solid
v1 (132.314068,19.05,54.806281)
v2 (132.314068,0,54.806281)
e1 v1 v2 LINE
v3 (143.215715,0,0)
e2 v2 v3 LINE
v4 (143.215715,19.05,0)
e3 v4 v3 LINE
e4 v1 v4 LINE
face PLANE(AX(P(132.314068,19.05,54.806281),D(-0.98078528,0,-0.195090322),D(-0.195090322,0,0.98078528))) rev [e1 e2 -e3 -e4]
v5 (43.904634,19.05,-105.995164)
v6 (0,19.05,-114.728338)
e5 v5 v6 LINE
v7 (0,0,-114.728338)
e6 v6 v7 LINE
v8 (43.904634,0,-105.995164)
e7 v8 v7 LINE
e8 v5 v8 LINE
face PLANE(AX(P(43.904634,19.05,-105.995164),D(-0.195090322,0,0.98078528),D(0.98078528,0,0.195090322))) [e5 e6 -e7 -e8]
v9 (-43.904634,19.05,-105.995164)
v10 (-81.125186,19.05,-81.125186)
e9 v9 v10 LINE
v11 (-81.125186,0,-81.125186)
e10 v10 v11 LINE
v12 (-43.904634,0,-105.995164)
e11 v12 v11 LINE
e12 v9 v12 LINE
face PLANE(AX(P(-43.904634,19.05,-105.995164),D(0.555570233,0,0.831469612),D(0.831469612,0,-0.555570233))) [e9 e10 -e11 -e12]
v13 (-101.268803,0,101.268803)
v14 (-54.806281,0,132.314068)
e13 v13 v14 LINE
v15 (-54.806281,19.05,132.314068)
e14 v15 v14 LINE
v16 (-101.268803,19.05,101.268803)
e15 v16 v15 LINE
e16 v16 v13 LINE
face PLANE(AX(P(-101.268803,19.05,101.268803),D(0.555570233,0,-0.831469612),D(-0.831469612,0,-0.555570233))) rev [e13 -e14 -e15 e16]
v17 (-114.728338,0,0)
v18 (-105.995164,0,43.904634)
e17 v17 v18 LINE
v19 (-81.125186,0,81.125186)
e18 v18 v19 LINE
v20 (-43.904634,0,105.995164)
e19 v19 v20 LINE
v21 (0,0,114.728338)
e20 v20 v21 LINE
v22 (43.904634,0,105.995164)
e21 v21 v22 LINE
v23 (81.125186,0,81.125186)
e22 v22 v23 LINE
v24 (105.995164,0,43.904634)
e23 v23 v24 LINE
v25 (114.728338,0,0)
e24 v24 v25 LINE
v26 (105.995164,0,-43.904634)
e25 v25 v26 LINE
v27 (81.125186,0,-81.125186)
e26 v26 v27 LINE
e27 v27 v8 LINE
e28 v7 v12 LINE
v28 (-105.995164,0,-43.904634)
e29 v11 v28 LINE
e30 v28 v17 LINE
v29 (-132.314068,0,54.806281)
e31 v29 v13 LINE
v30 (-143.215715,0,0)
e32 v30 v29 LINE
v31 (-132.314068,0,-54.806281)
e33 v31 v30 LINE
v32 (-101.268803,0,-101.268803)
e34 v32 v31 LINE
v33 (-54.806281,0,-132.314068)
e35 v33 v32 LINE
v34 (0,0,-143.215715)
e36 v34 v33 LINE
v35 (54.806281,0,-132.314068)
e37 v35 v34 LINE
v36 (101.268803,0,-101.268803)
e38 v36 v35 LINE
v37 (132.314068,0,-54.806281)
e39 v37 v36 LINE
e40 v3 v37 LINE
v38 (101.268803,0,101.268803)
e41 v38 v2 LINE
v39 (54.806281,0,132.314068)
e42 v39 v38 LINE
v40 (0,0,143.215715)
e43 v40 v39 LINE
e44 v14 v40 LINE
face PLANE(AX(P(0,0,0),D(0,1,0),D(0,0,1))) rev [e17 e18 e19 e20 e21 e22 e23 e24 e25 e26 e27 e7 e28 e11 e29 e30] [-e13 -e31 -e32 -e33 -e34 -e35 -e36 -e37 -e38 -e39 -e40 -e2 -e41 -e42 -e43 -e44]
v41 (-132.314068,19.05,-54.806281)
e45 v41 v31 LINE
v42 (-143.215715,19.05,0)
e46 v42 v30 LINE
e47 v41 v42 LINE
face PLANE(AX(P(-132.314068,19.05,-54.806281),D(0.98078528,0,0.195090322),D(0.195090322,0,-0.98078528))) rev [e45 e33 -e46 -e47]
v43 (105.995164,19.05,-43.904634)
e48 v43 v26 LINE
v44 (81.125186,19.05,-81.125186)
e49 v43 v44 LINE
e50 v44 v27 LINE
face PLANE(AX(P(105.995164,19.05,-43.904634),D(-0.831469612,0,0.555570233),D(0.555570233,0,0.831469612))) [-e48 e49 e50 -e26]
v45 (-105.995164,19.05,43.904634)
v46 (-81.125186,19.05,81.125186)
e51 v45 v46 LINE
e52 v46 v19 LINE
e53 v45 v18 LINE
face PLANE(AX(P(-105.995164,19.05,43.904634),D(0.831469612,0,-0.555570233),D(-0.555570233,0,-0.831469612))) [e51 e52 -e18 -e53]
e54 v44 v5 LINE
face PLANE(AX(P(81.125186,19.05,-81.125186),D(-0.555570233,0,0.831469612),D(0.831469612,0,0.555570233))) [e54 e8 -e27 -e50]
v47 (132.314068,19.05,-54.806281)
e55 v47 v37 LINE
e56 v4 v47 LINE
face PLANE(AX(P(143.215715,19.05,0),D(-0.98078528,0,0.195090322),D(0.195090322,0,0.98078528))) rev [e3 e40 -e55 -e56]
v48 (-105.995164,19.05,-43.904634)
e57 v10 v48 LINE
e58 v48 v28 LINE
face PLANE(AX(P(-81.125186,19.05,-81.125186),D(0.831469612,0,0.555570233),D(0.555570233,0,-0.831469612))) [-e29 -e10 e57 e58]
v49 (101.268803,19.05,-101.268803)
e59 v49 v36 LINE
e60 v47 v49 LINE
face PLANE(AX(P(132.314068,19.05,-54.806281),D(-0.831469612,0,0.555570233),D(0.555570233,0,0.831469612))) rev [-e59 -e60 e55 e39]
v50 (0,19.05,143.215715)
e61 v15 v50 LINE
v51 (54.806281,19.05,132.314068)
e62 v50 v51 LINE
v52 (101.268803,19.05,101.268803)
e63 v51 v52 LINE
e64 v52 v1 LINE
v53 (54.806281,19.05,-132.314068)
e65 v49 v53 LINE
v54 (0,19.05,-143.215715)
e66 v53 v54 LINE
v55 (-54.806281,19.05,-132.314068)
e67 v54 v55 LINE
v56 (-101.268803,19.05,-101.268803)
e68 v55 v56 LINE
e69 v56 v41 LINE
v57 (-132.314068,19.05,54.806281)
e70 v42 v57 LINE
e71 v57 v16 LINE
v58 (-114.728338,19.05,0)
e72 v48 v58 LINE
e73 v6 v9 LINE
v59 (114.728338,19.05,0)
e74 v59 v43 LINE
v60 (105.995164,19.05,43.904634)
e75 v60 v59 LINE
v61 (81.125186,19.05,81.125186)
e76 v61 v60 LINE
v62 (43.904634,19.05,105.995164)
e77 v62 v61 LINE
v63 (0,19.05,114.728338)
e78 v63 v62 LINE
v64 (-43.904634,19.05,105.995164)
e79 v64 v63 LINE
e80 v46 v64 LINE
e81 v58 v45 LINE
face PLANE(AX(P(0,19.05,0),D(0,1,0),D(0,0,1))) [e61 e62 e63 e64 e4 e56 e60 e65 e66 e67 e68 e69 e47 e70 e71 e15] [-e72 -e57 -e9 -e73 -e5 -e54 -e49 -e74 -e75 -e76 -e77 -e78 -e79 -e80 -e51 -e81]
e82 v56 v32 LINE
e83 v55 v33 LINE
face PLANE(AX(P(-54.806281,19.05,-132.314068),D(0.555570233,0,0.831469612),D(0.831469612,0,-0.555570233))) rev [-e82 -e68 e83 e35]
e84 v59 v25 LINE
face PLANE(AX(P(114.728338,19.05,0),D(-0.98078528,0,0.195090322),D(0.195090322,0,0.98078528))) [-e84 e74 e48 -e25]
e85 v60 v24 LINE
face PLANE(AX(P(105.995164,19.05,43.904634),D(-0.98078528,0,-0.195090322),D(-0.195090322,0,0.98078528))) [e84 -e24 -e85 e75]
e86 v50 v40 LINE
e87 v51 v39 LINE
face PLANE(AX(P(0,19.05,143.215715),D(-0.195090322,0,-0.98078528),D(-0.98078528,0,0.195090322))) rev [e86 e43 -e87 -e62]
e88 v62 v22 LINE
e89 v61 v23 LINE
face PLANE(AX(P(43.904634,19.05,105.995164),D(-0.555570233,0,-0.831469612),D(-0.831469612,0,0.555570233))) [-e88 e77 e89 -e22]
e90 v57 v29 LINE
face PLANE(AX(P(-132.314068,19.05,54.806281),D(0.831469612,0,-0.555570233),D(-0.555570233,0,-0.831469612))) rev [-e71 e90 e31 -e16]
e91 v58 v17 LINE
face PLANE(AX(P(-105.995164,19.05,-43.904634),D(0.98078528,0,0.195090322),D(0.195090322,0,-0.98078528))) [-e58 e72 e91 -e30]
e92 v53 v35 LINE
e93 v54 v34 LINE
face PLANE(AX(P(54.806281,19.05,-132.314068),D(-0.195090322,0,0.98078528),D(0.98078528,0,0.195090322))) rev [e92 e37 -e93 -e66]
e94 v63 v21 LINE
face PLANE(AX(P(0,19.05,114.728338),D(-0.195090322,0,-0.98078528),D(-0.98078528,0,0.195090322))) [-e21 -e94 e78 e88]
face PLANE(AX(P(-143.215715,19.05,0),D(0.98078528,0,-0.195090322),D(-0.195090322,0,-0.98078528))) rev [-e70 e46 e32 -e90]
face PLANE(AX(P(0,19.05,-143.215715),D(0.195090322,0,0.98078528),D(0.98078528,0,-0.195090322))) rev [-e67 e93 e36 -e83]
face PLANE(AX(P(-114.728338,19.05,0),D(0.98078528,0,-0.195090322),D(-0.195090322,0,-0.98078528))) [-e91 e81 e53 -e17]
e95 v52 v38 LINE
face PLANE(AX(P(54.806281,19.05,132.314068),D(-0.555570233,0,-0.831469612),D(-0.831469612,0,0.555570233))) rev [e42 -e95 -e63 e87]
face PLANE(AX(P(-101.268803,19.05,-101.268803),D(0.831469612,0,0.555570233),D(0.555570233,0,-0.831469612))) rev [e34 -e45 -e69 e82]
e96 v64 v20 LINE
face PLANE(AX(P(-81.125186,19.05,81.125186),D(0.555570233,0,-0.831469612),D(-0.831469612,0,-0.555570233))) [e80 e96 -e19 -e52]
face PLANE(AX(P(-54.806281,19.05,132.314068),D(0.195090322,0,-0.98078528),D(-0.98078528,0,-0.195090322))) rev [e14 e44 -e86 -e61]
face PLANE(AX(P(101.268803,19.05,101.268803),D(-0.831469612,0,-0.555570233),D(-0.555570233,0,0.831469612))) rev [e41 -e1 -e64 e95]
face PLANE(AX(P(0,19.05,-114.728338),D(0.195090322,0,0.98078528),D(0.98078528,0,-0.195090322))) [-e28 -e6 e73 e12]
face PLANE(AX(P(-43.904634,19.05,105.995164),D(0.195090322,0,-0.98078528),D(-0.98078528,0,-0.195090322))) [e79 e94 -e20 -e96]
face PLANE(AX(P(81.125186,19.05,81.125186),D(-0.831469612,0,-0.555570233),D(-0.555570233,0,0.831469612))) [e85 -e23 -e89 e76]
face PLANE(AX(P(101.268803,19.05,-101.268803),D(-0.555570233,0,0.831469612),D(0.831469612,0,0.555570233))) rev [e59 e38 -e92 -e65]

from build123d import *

# Parameters (mm, degrees)
BOSS_EXTRUDE1_DEPTH = 19.05


with BuildPart() as part:
    # Sketch1 → Boss-Extrude1 (new body)
    with BuildSketch(Plane(origin=(0, 0, 0), x_dir=(1, 0, 0), z_dir=(0, 1, 0))):
        Polygon((143.21571522, 0), (132.314068026, 54.806281469), (101.268803404, 101.268803404), (54.806281469, 132.314068026), (0, 143.21571522), (-54.806281469, 132.314068026), (-101.268803404, 101.268803404), (-132.314068026, 54.806281469), (-143.21571522, 0), (-132.314068026, -54.806281469), (-101.268803404, -101.268803404), (-54.806281469, -132.314068026), (0, -143.21571522), (54.806281469, -132.314068026), (101.268803404, -101.268803404), (132.314068026, -54.806281469), align=None)
        Polygon((114.728338259, 0), (105.995163517, 43.904634275), (81.125185978, 81.125185978), (43.904634275, 105.995163517), (0, 114.728338259), (-43.904634275, 105.995163517), (-81.125185978, 81.125185978), (-105.995163517, 43.904634275), (-114.728338259, 0), (-105.995163517, -43.904634275), (-81.125185978, -81.125185978), (-43.904634275, -105.995163517), (0, -114.728338259), (43.904634275, -105.995163517), (81.125185978, -81.125185978), (105.995163517, -43.904634275), align=None, mode=Mode.SUBTRACT)
    extrude(amount=BOSS_EXTRUDE1_DEPTH)


solid = part.part
